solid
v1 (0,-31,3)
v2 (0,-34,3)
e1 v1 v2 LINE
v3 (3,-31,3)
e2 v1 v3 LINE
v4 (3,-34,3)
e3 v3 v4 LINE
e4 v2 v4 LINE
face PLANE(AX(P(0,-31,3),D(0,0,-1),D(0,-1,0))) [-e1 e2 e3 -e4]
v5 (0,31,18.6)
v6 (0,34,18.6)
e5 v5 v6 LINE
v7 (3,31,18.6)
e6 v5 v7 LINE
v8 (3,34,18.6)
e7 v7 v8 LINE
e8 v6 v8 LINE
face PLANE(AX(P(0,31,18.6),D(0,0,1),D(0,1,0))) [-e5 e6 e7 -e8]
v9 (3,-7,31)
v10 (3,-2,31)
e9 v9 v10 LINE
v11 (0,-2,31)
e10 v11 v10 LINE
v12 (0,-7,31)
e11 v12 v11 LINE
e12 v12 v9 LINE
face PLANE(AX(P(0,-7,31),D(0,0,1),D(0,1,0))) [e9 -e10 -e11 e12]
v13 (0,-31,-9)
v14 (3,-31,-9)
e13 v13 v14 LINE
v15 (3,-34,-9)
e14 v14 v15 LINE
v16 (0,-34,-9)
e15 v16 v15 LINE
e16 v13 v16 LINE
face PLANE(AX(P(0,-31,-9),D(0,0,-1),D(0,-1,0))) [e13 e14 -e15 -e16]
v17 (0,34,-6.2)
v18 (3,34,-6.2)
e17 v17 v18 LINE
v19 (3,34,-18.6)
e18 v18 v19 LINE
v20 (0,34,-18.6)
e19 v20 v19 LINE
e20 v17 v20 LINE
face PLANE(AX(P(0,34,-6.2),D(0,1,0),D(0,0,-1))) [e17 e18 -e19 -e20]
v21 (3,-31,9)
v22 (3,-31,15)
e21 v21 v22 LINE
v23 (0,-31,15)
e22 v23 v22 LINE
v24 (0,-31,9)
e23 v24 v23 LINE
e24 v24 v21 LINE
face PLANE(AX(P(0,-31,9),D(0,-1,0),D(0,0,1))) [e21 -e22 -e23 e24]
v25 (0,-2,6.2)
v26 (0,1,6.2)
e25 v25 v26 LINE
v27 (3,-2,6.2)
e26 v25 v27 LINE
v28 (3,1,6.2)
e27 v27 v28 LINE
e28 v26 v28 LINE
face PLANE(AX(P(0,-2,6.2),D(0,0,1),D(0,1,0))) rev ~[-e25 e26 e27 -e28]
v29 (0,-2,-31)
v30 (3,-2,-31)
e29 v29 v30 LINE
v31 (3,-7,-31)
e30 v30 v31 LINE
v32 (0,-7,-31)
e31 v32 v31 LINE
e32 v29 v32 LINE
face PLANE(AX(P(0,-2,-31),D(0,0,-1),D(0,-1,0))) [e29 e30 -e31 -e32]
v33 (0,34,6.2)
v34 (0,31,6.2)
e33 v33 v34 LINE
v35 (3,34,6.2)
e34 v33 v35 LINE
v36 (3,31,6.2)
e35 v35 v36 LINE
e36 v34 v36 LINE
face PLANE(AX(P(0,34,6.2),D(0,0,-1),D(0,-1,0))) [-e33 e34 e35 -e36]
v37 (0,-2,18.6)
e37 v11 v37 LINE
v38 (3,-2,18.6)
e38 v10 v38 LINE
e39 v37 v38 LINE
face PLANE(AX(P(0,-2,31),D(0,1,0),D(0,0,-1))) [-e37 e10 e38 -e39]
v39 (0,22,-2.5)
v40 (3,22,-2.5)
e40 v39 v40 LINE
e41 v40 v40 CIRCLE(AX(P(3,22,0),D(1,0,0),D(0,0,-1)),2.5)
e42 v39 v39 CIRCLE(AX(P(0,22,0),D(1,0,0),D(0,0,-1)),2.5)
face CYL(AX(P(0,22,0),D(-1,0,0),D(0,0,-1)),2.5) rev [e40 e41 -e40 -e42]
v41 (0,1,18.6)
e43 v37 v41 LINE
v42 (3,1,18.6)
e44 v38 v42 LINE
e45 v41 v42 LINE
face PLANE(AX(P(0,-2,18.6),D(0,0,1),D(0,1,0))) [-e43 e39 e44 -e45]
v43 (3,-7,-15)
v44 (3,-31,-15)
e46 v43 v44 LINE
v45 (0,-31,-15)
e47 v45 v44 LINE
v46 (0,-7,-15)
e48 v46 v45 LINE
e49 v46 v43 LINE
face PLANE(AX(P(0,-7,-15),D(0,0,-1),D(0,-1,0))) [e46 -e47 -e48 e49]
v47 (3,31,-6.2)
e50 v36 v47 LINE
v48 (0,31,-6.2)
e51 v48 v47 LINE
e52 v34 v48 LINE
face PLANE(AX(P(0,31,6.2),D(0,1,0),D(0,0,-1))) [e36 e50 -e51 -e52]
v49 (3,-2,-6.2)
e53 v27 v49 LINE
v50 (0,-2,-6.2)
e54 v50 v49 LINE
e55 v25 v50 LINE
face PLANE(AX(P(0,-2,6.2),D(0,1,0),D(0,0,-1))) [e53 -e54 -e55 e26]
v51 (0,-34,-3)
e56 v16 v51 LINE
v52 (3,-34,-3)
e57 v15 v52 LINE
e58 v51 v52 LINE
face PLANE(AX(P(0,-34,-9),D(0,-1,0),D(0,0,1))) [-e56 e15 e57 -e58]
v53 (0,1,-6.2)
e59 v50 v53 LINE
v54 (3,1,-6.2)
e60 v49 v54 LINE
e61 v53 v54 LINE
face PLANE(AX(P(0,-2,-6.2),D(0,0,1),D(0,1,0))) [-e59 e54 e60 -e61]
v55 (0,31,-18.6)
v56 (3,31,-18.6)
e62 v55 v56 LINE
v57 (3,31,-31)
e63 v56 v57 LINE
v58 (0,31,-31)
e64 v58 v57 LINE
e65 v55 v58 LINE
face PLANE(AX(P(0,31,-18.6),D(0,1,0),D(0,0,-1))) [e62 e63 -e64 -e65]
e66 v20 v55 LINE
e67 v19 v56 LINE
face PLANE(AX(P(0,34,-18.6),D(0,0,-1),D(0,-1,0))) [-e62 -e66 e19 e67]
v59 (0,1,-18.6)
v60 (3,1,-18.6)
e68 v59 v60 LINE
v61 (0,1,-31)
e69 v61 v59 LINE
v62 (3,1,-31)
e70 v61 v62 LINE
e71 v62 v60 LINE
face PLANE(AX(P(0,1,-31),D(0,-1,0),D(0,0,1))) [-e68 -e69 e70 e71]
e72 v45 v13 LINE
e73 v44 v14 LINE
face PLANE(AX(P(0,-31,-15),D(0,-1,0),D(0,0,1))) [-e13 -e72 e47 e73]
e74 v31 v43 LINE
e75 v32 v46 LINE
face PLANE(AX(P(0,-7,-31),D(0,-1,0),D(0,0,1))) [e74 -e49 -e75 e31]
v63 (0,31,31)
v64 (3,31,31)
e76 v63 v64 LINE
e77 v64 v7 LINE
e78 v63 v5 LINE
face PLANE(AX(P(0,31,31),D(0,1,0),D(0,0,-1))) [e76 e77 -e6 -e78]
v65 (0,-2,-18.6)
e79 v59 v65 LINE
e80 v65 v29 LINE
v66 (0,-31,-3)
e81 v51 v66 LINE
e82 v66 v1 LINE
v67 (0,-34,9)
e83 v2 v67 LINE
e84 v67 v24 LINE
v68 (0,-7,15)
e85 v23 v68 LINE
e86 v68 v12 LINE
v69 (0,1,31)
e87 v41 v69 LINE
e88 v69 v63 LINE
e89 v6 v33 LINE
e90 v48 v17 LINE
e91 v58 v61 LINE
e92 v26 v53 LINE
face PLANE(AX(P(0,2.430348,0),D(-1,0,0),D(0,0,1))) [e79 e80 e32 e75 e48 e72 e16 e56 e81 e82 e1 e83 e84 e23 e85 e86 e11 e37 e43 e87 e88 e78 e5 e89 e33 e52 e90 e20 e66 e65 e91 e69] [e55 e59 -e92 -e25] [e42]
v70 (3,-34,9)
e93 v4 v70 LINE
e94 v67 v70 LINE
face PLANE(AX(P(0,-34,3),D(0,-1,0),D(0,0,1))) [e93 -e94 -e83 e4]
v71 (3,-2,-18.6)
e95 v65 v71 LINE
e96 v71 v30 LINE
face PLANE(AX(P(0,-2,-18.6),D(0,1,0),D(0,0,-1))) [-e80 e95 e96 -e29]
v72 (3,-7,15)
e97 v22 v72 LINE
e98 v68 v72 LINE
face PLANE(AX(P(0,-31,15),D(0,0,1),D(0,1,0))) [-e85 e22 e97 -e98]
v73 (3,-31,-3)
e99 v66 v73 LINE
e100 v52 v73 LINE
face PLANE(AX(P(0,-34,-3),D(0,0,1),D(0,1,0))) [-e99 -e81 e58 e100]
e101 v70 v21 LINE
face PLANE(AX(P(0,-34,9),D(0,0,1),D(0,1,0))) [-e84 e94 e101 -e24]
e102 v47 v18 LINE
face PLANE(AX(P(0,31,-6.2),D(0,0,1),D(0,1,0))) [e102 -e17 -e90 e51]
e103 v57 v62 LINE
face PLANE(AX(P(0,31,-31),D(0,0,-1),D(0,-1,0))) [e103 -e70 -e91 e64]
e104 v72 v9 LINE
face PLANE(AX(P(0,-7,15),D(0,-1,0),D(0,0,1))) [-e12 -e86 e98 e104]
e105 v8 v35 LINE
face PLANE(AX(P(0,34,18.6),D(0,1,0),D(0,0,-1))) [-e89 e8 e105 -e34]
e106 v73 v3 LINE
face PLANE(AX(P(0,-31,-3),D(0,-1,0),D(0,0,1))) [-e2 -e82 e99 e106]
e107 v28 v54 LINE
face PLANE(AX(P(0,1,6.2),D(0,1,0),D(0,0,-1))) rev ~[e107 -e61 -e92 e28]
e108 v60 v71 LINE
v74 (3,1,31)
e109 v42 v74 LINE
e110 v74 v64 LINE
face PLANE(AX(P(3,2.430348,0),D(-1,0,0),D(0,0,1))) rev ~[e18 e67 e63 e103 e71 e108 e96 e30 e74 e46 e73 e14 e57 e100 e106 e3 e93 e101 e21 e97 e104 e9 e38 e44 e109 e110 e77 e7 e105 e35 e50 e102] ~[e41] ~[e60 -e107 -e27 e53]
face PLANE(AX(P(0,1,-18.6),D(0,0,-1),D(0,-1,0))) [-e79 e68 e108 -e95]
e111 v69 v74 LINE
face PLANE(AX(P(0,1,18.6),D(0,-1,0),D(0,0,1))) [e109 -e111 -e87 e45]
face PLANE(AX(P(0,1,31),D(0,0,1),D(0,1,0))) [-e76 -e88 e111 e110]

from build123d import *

# Parameters (mm, degrees)
SKETCH1_R           = 2.5
SKETCH1_W           = 12.4
SKETCH1_H           = 3
BOSS_EXTRUDE3_DEPTH = 3


with BuildPart() as part:
    # Sketch1 → Boss-Extrude3 (new body)
    with BuildSketch(Plane(origin=(0, 0, 0), x_dir=(0, 0, -1), z_dir=(1, 0, 0))):
        Polygon((31, -2), (31, -7), (15, -7), (15, -31), (9, -31), (9, -34), (3, -34), (3, -31), (-3, -31), (-3, -34), (-9, -34), (-9, -31), (-15, -31), (-15, -7), (-31, -7), (-31, -2), (-18.6, -2), (-18.6, 1), (-31, 1), (-31, 31), (-18.6, 31), (-18.6, 34), (-6.2, 34), (-6.2, 31), (6.2, 31), (6.2, 34), (18.6, 34), (18.6, 31), (31, 31), (31, 1), (18.6, 1), (18.6, -2), align=None)
        with Locations((0, 22)):
            Circle(SKETCH1_R, mode=Mode.SUBTRACT)
        with Locations((0, -0.5)):
            Rectangle(SKETCH1_W, SKETCH1_H, mode=Mode.SUBTRACT)
    extrude(amount=BOSS_EXTRUDE3_DEPTH)


solid = part.part
